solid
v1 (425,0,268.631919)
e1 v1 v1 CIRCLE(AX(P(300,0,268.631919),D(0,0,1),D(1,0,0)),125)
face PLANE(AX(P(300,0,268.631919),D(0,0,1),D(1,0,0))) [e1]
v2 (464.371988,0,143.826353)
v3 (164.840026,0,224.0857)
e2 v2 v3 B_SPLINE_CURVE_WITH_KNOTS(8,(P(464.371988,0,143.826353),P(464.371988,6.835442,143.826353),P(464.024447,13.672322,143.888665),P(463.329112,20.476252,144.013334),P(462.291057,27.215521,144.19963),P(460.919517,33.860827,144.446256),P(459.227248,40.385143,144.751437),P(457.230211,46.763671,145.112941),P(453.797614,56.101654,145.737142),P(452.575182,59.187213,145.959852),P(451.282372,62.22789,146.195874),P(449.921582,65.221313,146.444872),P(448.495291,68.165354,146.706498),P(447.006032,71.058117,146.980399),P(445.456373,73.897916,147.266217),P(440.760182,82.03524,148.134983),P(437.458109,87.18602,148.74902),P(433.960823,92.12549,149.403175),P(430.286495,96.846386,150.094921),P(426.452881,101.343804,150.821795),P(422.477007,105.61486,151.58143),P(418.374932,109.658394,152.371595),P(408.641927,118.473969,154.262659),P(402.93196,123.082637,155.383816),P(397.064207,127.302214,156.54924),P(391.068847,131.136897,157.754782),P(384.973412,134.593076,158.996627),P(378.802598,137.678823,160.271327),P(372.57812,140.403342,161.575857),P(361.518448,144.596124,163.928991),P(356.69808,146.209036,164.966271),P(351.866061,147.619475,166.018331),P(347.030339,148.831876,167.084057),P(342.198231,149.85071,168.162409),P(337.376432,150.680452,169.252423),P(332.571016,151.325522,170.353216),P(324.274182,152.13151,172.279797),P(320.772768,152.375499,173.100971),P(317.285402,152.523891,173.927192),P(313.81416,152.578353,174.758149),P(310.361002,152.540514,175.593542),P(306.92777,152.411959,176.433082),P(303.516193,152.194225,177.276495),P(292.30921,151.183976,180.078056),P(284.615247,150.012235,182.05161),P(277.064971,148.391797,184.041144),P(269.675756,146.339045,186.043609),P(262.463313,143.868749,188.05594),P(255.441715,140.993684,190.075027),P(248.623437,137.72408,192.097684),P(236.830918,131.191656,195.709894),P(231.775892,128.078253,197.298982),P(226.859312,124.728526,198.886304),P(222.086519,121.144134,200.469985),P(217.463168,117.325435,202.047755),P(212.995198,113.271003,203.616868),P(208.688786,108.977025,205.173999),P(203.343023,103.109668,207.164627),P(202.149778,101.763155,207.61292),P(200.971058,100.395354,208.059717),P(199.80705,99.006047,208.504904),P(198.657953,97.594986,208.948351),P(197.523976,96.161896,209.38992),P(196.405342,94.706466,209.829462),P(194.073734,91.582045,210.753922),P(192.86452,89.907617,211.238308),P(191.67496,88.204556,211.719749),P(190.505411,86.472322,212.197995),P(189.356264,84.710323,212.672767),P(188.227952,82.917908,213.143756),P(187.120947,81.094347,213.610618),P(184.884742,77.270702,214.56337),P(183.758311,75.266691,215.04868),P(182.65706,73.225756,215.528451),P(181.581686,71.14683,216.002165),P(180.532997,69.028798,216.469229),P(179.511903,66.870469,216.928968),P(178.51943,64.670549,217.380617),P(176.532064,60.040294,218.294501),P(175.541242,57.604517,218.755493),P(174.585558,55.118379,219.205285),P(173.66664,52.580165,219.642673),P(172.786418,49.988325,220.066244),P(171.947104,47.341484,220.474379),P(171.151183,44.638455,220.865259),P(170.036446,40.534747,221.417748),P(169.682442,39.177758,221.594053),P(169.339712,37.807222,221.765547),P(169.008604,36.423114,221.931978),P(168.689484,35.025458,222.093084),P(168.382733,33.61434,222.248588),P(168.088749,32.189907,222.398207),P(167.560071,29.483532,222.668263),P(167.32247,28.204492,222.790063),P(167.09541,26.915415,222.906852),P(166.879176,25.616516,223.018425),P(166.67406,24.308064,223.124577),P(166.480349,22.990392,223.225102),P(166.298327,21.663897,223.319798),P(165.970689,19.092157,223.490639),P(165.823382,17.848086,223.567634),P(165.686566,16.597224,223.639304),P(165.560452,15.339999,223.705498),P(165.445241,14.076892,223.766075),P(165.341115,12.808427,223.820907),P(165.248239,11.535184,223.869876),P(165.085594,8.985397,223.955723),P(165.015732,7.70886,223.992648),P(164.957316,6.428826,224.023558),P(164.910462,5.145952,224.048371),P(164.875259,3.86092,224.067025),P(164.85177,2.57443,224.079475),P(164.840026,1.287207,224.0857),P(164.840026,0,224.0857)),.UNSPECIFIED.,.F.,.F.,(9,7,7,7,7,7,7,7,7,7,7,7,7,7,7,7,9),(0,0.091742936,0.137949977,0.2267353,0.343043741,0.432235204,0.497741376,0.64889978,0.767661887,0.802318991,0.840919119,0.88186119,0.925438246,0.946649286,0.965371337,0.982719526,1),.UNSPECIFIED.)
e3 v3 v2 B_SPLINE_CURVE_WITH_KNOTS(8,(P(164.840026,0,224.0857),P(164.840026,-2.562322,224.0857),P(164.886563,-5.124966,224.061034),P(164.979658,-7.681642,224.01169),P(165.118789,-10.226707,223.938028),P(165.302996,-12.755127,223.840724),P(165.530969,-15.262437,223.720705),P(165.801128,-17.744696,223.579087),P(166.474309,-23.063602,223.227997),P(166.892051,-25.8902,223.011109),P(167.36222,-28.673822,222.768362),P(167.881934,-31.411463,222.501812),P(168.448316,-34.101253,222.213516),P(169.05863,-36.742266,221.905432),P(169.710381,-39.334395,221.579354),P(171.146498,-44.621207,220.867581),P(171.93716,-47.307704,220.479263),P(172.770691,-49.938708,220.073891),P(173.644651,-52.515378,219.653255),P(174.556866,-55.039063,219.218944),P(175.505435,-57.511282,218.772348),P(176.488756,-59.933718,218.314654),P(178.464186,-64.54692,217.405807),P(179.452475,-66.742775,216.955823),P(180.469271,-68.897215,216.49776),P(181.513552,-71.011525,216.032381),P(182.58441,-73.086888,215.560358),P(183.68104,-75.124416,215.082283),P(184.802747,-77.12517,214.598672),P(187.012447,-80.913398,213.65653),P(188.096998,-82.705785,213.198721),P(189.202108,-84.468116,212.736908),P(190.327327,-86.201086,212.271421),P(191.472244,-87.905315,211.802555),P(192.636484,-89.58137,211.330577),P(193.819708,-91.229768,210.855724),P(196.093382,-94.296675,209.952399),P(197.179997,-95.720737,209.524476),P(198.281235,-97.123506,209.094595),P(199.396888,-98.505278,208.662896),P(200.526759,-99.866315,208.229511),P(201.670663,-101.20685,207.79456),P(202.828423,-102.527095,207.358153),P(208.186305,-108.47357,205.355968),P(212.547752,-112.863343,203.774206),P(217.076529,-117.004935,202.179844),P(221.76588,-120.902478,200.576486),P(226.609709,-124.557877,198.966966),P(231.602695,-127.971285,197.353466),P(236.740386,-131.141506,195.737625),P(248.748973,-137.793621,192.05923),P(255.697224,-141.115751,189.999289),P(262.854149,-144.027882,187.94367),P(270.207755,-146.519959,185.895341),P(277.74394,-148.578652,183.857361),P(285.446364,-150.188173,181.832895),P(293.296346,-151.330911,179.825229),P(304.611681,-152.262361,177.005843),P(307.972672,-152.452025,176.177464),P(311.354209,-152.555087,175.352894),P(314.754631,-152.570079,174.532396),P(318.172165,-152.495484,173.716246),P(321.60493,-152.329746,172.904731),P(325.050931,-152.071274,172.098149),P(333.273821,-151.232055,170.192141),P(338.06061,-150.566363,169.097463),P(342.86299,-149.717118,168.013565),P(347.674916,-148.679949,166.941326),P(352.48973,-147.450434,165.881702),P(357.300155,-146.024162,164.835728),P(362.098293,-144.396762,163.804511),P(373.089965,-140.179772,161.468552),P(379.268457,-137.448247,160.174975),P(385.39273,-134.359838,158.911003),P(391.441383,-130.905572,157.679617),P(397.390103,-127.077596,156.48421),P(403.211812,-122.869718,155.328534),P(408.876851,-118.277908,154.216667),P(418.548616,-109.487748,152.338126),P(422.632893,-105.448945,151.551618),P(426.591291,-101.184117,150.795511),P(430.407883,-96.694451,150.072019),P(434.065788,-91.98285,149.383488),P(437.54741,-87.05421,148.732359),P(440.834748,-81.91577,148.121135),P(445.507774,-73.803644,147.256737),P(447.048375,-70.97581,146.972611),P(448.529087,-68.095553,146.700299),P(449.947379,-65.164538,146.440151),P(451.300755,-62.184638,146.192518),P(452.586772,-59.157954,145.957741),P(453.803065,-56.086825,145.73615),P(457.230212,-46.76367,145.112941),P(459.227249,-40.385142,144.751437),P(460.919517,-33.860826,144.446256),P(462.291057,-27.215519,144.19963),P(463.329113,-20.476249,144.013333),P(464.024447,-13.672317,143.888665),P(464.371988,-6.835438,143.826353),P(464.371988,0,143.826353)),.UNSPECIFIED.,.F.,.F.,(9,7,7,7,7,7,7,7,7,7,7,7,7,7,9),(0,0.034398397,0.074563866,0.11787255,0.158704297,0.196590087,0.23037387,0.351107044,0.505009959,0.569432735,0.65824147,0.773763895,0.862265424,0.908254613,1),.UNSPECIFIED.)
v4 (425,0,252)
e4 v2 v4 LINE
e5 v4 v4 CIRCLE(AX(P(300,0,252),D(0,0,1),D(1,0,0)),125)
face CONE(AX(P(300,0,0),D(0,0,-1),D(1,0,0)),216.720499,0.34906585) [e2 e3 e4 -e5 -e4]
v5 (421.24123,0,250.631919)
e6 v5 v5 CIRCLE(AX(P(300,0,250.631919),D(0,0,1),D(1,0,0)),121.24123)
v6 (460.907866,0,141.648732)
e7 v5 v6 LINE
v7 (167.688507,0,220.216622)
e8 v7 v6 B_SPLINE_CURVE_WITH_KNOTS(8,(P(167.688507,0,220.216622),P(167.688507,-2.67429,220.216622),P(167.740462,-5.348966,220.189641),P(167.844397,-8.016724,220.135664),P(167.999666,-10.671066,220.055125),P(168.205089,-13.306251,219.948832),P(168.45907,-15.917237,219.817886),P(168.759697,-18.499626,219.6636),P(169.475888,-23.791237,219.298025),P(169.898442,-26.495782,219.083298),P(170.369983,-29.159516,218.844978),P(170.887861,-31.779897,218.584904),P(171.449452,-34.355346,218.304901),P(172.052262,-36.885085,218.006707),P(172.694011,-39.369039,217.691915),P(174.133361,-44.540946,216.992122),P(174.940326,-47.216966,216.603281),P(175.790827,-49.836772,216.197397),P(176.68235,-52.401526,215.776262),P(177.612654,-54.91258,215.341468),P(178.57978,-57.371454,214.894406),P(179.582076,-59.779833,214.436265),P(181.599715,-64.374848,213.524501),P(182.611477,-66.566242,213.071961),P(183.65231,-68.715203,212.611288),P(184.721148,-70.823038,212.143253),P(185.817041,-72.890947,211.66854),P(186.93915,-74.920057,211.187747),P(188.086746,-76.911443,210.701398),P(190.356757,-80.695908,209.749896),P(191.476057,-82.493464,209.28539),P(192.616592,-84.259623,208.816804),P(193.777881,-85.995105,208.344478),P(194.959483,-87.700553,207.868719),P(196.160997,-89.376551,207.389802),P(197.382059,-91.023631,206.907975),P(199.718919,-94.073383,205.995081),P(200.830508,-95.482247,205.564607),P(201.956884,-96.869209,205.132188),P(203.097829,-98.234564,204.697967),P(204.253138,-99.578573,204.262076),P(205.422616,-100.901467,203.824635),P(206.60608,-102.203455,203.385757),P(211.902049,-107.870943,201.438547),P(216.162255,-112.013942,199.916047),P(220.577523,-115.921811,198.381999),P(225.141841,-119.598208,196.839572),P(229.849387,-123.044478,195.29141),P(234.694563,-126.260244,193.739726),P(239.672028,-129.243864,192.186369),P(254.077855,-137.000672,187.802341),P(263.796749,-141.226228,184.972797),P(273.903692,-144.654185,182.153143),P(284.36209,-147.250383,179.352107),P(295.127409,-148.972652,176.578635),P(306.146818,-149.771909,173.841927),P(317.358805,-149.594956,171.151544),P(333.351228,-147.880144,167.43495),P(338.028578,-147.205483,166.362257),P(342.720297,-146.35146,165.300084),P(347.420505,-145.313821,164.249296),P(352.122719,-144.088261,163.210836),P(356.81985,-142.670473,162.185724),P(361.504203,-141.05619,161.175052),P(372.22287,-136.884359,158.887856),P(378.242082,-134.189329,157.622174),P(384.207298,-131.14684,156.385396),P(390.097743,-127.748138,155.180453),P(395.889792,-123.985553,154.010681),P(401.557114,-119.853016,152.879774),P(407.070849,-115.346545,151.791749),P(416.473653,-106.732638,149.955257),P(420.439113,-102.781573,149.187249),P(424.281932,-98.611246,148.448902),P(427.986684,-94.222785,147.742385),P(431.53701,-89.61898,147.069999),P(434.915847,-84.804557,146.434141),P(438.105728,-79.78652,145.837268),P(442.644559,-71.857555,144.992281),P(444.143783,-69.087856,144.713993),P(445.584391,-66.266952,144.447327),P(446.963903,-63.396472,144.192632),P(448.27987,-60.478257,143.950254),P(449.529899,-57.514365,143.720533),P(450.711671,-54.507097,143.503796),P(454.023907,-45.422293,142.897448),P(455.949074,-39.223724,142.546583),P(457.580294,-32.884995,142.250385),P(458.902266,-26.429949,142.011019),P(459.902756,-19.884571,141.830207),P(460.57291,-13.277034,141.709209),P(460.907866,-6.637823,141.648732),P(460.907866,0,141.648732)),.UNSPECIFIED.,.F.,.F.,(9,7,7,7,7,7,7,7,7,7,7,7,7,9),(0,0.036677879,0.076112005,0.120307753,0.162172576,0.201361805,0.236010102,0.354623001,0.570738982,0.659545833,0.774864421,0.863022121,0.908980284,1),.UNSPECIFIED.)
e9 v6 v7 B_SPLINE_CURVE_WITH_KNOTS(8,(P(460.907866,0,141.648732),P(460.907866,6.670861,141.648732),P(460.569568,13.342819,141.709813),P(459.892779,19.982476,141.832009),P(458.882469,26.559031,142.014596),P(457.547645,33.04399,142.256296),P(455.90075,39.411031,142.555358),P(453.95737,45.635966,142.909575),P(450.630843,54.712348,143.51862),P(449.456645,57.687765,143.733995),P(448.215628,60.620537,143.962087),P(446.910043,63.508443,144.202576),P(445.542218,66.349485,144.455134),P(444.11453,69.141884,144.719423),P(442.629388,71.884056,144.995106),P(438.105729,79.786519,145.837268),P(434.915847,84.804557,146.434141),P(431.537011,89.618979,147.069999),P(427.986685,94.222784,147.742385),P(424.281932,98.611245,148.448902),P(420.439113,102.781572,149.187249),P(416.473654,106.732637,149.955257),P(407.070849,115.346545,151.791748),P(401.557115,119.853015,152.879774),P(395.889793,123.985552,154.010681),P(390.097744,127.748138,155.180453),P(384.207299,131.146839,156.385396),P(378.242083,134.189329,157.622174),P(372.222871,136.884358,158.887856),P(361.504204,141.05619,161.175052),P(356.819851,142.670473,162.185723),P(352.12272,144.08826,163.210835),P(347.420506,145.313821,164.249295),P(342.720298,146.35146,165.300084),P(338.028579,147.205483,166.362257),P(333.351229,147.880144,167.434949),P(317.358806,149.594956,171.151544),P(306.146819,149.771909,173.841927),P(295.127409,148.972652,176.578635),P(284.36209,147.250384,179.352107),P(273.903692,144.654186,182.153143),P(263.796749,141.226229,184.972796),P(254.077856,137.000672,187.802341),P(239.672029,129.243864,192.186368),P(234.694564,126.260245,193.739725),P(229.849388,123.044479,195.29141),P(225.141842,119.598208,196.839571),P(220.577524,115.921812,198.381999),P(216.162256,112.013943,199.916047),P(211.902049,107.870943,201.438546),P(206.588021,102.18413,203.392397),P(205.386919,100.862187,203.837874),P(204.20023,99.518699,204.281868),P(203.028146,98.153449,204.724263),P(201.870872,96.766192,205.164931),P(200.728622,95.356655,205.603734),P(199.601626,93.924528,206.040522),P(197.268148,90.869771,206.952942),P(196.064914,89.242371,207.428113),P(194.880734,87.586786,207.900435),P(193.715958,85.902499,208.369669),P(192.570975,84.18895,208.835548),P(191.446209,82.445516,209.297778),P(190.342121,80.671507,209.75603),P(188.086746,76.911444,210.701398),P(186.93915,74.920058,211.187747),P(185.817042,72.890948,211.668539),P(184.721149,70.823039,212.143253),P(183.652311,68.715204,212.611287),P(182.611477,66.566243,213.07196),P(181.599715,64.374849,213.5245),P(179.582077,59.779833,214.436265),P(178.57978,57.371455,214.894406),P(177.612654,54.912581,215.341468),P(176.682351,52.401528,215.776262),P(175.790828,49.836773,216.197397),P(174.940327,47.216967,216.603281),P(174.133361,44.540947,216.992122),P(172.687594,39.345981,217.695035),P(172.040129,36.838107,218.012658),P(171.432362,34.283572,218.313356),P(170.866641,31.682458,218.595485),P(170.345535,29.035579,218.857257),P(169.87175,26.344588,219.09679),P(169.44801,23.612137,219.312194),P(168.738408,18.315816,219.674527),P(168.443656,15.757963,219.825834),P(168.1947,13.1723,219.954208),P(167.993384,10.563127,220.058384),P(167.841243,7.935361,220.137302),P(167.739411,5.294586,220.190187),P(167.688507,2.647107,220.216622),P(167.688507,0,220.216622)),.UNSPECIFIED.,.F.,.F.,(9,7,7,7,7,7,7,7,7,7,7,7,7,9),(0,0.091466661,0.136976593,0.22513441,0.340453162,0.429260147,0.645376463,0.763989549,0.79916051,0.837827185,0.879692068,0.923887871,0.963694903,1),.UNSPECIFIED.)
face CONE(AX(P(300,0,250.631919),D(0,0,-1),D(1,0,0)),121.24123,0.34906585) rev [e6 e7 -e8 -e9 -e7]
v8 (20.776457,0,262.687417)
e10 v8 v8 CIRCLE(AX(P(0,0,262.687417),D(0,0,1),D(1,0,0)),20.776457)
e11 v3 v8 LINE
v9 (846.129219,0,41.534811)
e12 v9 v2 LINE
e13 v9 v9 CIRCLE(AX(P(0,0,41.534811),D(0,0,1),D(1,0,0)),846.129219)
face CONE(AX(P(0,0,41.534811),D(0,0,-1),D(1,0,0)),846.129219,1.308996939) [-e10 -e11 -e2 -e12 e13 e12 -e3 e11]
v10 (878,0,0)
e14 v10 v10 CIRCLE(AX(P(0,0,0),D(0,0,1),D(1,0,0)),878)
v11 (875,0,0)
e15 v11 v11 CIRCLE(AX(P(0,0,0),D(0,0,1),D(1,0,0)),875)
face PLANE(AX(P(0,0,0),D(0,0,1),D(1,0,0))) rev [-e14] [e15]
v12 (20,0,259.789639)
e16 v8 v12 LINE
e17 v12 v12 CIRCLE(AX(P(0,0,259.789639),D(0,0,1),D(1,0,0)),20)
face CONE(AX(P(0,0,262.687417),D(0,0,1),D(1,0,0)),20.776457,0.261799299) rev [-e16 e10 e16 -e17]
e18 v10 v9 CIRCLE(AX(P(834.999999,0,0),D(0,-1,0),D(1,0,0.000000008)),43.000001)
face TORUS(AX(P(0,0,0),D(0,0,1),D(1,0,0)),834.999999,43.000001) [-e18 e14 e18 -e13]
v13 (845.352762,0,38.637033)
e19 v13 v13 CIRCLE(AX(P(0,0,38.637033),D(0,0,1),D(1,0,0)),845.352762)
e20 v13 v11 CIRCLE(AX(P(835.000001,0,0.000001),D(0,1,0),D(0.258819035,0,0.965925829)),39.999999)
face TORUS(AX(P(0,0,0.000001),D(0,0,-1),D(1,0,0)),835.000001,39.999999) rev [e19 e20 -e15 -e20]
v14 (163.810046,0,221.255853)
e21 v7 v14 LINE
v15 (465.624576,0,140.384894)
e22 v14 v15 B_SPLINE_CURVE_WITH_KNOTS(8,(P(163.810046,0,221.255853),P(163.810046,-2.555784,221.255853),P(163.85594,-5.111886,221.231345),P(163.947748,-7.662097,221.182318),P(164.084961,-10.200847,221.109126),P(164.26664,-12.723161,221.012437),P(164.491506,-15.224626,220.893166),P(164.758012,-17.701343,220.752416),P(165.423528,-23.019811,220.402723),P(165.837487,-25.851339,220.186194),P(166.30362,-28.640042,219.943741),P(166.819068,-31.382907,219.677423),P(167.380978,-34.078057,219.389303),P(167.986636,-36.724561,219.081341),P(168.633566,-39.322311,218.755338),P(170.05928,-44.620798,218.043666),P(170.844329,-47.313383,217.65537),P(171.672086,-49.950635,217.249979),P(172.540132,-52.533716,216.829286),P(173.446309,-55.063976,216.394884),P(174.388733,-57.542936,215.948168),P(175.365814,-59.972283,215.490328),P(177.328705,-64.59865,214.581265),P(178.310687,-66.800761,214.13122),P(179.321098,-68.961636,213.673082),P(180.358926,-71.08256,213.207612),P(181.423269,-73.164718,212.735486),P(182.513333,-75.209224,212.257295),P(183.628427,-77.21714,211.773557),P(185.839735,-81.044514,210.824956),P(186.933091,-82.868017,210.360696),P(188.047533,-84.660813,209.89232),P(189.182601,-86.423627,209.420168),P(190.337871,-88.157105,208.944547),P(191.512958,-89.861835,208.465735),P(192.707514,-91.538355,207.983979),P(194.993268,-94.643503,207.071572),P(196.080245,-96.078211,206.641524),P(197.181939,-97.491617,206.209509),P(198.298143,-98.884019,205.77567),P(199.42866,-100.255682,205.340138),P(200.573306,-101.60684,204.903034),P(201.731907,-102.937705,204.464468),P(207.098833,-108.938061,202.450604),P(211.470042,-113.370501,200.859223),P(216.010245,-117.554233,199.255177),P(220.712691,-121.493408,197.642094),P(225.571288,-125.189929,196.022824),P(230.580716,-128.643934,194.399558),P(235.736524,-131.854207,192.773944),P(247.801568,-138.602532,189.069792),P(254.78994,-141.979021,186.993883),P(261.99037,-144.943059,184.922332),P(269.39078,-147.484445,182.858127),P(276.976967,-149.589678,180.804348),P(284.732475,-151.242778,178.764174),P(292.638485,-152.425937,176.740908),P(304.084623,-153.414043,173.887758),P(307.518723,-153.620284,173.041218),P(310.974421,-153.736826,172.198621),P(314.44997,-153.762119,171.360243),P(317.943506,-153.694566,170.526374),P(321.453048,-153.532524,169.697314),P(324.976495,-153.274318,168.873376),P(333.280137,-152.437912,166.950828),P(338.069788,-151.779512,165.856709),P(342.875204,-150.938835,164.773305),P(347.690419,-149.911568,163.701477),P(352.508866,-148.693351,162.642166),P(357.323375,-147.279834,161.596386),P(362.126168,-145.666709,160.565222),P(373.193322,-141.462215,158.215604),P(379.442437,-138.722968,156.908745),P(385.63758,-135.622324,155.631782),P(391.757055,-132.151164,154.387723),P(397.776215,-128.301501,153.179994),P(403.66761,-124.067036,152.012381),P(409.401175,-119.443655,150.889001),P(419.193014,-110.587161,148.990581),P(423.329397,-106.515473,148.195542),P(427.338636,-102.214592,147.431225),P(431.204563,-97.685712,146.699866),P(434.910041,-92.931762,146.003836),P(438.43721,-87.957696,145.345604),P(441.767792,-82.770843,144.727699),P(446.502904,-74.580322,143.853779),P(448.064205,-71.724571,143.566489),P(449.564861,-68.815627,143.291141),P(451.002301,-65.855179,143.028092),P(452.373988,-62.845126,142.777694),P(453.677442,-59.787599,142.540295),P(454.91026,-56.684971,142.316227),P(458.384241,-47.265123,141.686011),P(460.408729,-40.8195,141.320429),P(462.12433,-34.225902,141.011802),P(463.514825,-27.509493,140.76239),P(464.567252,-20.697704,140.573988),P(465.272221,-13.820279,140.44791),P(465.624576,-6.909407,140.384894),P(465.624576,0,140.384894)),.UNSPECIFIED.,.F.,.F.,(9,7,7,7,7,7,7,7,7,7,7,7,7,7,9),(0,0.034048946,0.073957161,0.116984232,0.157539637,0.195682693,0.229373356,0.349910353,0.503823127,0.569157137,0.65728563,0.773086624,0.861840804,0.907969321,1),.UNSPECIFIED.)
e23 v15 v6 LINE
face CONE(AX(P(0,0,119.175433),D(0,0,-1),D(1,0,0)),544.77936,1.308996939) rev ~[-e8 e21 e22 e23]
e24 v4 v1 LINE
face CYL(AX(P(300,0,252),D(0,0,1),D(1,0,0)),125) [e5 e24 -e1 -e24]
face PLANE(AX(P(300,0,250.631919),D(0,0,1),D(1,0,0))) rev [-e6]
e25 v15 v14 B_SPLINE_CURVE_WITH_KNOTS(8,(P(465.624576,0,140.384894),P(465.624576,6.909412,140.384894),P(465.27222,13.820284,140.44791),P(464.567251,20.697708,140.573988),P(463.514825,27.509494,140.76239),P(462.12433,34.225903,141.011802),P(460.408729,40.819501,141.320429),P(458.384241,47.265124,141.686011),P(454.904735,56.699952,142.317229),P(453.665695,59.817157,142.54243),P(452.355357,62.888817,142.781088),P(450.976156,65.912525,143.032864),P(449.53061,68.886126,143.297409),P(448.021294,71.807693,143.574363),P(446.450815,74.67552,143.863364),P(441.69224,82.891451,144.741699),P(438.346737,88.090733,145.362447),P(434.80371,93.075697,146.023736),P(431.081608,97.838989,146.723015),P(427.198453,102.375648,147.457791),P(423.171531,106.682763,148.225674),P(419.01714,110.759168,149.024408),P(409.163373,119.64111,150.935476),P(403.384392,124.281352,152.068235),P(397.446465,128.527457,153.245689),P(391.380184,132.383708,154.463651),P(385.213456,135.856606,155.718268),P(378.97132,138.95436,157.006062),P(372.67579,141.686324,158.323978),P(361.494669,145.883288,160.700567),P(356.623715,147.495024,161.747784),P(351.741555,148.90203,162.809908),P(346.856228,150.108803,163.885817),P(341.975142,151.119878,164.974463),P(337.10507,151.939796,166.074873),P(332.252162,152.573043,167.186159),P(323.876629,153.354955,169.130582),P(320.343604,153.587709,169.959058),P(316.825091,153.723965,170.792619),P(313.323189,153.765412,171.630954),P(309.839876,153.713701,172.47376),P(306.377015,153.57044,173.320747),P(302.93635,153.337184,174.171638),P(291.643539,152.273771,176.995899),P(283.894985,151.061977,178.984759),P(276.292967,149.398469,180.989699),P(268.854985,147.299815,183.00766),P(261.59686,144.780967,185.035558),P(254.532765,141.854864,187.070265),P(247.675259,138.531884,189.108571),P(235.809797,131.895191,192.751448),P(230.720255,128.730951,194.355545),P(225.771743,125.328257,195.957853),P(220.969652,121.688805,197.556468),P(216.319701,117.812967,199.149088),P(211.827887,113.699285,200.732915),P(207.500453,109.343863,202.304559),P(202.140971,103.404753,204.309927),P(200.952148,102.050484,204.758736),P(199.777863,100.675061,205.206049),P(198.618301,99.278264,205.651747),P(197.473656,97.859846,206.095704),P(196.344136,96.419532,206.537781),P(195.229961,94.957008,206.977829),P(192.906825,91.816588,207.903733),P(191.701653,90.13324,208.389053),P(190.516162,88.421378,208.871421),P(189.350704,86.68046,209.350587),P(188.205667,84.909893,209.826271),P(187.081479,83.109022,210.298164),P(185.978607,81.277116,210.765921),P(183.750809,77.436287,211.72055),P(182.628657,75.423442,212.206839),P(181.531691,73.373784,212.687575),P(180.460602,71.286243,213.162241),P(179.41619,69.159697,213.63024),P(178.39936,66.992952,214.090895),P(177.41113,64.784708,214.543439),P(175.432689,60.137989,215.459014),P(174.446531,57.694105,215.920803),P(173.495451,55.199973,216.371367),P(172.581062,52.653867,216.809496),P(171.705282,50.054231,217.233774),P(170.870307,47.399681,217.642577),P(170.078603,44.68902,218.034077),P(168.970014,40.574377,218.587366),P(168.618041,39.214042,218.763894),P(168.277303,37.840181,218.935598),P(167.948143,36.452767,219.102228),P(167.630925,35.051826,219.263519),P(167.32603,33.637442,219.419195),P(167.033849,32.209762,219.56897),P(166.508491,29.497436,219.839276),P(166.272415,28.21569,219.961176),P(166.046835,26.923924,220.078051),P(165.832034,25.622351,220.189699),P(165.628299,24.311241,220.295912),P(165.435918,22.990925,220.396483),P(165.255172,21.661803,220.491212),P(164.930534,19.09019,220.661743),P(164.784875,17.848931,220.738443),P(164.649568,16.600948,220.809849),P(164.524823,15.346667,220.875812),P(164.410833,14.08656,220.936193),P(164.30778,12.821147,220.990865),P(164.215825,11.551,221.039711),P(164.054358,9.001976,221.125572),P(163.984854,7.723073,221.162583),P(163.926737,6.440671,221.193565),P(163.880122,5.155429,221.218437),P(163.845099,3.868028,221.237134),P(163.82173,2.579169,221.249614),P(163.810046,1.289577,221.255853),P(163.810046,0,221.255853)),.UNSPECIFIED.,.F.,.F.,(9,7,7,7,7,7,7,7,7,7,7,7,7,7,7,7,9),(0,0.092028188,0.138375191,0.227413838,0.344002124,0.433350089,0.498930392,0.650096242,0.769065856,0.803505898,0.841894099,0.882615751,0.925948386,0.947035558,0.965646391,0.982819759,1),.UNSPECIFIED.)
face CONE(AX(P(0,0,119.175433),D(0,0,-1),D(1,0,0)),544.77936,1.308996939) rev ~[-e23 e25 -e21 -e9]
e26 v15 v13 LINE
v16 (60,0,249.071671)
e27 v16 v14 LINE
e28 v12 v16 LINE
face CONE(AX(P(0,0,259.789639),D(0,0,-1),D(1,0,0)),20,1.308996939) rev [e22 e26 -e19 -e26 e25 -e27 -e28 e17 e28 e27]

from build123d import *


with BuildPart() as f1:
    # F0 (on Front) → F1 (revolve)
    with BuildSketch(Plane.XZ):
        with BuildLine():
            Line((875, 0), (878, 0))
            ThreePointArc((878, 0), (869.114194, 26.176741), (846.129219, 41.534811))
            Line((846.129219, 41.534811), (20.776457, 262.687417))
            Line((20.776457, 262.687417), (20, 259.789639))
            Line((20, 259.789639), (845.352762, 38.637033))
            ThreePointArc((845.352762, 38.637033), (866.734134, 24.350457), (875, 0))
        make_face()
    revolve(axis=Axis((0, 0, 145.343527), (0, 0, 1)))

    # F2 (on Front) → F3 (revolve, cut)
    with BuildSketch(Plane.XZ):
        Polygon((425, 252), (300, 252), (300, 0), (516.720499, 0), align=None)
    revolve(axis=Axis((300, 0, 126), (0, 0, -1)), mode=Mode.SUBTRACT)

    # F4 (on Front) → F5 (revolve)
    with BuildSketch(Plane.XZ):
        Polygon((516.720499, 0), (425, 252), (425, 268.631919), (300, 268.631919), (300, 250.631919), (421.24123, 250.631919), (512.961729, -1.368081), align=None)
    revolve(axis=Axis((300, 0, 259.631919), (0, 0, 1)))

    # F6 (on Front) → F7 (revolve, cut)
    with BuildSketch(Plane.XZ):
        Polygon((544.77936, -66.781566), (544.77936, 119.175433), (60, 249.071671), (60, -66.781566), align=None)
    revolve(axis=Axis((0, 0, 147.505298), (0, 0, 1)), mode=Mode.SUBTRACT)


solid = f1.part
